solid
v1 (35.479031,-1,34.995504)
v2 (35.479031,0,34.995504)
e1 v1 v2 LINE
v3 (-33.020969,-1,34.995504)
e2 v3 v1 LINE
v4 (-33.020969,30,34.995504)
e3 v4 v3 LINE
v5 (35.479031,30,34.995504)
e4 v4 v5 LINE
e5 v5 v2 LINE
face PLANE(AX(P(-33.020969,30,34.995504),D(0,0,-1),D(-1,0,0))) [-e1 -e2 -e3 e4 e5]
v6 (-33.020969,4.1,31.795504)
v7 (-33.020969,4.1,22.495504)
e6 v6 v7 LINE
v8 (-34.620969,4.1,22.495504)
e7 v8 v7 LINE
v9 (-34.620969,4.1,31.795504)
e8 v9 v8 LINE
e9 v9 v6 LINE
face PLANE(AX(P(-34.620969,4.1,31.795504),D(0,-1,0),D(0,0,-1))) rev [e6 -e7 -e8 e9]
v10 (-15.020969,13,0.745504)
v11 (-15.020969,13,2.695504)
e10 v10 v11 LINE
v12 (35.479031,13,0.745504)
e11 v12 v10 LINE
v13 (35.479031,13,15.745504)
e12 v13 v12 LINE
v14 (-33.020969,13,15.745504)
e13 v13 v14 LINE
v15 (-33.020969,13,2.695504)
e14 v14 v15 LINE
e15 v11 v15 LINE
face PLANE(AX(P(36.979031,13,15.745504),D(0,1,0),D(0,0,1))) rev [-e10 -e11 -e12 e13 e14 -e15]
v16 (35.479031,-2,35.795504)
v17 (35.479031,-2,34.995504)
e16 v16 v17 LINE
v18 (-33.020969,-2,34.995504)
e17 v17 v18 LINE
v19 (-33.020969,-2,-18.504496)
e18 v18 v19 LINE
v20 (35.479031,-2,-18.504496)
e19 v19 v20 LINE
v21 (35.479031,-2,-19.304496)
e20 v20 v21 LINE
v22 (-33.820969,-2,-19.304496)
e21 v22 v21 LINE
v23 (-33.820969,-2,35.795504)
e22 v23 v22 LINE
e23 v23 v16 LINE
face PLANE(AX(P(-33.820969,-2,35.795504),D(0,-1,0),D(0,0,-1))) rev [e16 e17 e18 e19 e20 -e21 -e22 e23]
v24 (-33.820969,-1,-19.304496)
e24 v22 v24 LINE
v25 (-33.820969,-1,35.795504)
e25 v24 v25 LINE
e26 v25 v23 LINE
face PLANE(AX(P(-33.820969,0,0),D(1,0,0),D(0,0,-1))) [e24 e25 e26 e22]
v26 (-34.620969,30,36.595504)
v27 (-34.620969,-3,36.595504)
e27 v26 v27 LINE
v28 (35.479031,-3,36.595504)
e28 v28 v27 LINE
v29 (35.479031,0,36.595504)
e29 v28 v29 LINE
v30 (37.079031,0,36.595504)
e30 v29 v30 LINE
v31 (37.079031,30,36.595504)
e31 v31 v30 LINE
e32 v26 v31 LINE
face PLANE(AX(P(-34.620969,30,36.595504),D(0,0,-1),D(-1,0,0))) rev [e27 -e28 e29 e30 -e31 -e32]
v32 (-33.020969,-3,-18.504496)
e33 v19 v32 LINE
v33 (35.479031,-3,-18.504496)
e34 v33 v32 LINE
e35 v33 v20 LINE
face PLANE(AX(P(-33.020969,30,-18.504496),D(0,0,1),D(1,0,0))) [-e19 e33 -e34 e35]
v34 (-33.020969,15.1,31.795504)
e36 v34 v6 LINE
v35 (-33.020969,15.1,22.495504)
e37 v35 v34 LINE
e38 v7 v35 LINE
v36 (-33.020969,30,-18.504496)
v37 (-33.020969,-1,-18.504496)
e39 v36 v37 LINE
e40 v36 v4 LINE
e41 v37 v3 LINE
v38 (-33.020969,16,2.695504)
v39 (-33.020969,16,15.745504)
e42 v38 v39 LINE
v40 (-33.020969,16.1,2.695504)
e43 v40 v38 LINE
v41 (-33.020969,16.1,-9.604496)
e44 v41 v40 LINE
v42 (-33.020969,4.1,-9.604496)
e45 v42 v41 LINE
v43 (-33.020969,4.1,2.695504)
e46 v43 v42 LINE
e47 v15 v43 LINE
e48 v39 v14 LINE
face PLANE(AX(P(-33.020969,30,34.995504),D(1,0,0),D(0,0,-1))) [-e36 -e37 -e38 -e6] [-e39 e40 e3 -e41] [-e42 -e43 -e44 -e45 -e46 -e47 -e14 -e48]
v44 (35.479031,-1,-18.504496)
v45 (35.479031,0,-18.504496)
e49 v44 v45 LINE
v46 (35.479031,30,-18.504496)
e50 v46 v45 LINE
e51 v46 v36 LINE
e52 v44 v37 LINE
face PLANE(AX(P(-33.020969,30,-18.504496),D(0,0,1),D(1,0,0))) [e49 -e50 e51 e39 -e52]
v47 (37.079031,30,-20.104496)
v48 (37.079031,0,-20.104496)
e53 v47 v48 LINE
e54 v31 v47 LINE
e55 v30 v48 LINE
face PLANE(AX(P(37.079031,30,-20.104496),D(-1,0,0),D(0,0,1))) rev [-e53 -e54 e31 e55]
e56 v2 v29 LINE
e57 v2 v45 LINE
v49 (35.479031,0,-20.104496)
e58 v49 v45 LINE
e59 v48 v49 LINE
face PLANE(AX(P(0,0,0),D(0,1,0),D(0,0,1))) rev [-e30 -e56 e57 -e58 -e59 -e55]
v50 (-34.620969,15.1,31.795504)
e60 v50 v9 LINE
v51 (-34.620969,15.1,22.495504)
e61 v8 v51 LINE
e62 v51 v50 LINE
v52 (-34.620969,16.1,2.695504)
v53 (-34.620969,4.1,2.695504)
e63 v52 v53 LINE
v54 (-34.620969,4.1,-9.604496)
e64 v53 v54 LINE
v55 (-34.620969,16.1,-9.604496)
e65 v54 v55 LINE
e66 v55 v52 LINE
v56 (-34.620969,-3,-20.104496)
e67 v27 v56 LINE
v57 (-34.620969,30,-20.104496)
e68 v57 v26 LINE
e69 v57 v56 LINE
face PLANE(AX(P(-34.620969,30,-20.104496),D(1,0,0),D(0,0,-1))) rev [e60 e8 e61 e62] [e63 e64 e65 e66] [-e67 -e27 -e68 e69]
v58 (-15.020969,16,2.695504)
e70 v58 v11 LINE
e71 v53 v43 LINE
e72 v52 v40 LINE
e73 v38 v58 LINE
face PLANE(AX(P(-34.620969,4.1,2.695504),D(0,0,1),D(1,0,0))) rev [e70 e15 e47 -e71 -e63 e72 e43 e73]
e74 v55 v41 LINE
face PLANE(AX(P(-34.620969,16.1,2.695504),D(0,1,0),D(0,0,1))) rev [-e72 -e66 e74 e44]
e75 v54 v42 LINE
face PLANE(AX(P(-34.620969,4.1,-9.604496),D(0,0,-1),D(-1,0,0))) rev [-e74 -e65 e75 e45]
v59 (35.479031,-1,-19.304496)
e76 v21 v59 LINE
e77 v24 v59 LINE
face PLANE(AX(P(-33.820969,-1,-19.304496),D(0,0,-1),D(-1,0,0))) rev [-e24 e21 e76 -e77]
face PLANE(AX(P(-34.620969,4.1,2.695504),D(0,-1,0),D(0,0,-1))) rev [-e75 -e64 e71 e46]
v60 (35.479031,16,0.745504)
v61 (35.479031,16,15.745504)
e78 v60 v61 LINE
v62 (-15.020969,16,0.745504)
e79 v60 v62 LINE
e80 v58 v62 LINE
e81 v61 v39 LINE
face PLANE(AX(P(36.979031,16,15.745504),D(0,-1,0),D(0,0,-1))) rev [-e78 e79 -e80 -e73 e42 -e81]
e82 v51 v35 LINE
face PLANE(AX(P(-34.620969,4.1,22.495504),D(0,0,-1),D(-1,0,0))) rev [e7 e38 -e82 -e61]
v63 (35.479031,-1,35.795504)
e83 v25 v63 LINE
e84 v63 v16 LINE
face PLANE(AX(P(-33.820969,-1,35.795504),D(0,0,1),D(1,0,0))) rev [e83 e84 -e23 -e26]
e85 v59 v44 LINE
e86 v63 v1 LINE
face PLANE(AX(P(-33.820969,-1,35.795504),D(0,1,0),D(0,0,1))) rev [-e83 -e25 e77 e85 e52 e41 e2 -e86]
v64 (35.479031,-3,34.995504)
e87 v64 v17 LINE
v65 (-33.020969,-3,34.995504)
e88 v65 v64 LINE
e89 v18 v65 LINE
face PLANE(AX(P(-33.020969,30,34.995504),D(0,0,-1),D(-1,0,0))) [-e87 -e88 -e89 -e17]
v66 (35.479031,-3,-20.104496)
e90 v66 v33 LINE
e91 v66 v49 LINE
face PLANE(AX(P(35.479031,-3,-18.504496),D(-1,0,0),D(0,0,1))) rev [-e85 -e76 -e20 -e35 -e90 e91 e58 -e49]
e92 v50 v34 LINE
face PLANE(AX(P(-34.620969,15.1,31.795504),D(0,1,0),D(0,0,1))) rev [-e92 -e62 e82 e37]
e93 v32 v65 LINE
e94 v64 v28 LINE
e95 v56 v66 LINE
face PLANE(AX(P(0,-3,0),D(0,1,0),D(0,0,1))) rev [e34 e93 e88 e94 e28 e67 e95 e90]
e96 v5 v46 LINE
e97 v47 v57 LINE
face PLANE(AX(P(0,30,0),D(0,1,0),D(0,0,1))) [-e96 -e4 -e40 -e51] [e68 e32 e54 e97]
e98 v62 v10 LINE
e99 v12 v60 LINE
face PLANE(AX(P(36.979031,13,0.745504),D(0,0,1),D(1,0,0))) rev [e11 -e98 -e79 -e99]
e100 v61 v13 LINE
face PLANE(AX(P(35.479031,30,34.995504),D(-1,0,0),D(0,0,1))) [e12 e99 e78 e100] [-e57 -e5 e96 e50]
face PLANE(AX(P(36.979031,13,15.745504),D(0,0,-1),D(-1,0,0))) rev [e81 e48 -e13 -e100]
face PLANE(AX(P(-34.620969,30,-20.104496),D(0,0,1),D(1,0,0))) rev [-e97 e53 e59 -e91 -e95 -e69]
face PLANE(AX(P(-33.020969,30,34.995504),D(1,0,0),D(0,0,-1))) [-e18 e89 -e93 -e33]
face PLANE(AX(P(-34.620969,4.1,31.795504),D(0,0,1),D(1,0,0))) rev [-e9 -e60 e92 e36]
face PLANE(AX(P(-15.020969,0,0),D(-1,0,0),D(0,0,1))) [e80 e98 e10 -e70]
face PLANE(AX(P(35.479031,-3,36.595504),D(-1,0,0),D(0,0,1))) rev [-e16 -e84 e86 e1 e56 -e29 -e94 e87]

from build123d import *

# Parameters (mm, degrees)
SKETCH1_W           = 71.7
SKETCH1_H           = 56.7
SKETCH1_W_2         = 68.5
SKETCH1_H_2         = 53.5
BOSS_EXTRUDE1_DEPTH = 30
SKETCH2_W           = 15
SKETCH2_H           = 3
BOSS_EXTRUDE2_DEPTH = 70
SKETCH3_W           = 12.3
SKETCH3_H           = 12
SKETCH3_W_2         = 9.3
SKETCH3_H_2         = 11
CUT_EXTRUDE1_DEPTH  = 1.6
SKETCH3_2_W         = 12.3
SKETCH3_2_H         = 12
SKETCH3_2_W_2       = 9.3
SKETCH3_2_H_2       = 11
CUT_EXTRUDE2_DEPTH  = 18
BOSS_EXTRUDE3_DEPTH = 3
SKETCH5_W           = 55.1
SKETCH5_H           = 1
CUT_EXTRUDE3_DEPTH  = 69.3


with BuildPart() as part:
    # Sketch1 → Boss-Extrude1 (new body)
    with BuildSketch(Plane(origin=(0, 0, 0), x_dir=(1, 0, 0), z_dir=(0, 1, 0))):
        with Locations((1.229030624, -8.245503616)):
            Rectangle(SKETCH1_W, SKETCH1_H)
        with Locations((1.229030624, -8.245503616)):
            Rectangle(SKETCH1_W_2, SKETCH1_H_2, mode=Mode.SUBTRACT)
    extrude(amount=BOSS_EXTRUDE1_DEPTH)

    # Sketch2 → Boss-Extrude2 (add)
    with BuildSketch(Plane(origin=(-33.020969376, 0, 0), x_dir=(0, 0, -1), z_dir=(1, 0, 0))):
        with Locations((-8.245503616, 14.5)):
            Rectangle(SKETCH2_W, SKETCH2_H)
    extrude(amount=BOSS_EXTRUDE2_DEPTH)

    # Sketch3 → Cut-Extrude1 (cut)
    with BuildSketch(Plane(origin=(-33.020969376, 0, 0), x_dir=(0, 0, -1), z_dir=(1, 0, 0))):
        with Locations((3.454496384, 10.1)):
            Rectangle(SKETCH3_W, SKETCH3_H)
        with Locations((-27.145503616, 9.6)):
            Rectangle(SKETCH3_W_2, SKETCH3_H_2)
    extrude(amount=-CUT_EXTRUDE1_DEPTH, mode=Mode.SUBTRACT)

    # Sketch3<2> → Cut-Extrude2 (cut)
    with BuildSketch(Plane(origin=(-33.020969376, 0, 0), x_dir=(0, 0, -1), z_dir=(1, 0, 0))):
        with Locations((3.454496384, 10.1)):
            Rectangle(SKETCH3_2_W, SKETCH3_2_H)
        with Locations((-27.145503616, 9.6)):
            Rectangle(SKETCH3_2_W_2, SKETCH3_2_H_2)
    extrude(amount=CUT_EXTRUDE2_DEPTH, mode=Mode.SUBTRACT)

    # Sketch4 → Boss-Extrude3 (add)
    with BuildSketch(Plane.XZ):
        Polygon((35.479030624, 36.595503616), (35.479030624, 34.995503616), (-33.020969376, 34.995503616), (-33.020969376, -18.504496384), (35.479030624, -18.504496384), (35.479030624, -20.104496384), (-34.620969376, -20.104496384), (-34.620969376, 36.595503616), align=None)
    extrude(amount=BOSS_EXTRUDE3_DEPTH)

    # Sketch5 → Cut-Extrude3 (cut)
    with BuildSketch(Plane(origin=(35.479030624, 0, 0), x_dir=(0, 0, -1), z_dir=(1, 0, 0))):
        with Locations((-8.245503616, -1.5)):
            Rectangle(SKETCH5_W, SKETCH5_H)
    extrude(amount=-CUT_EXTRUDE3_DEPTH, mode=Mode.SUBTRACT)


solid = part.part
